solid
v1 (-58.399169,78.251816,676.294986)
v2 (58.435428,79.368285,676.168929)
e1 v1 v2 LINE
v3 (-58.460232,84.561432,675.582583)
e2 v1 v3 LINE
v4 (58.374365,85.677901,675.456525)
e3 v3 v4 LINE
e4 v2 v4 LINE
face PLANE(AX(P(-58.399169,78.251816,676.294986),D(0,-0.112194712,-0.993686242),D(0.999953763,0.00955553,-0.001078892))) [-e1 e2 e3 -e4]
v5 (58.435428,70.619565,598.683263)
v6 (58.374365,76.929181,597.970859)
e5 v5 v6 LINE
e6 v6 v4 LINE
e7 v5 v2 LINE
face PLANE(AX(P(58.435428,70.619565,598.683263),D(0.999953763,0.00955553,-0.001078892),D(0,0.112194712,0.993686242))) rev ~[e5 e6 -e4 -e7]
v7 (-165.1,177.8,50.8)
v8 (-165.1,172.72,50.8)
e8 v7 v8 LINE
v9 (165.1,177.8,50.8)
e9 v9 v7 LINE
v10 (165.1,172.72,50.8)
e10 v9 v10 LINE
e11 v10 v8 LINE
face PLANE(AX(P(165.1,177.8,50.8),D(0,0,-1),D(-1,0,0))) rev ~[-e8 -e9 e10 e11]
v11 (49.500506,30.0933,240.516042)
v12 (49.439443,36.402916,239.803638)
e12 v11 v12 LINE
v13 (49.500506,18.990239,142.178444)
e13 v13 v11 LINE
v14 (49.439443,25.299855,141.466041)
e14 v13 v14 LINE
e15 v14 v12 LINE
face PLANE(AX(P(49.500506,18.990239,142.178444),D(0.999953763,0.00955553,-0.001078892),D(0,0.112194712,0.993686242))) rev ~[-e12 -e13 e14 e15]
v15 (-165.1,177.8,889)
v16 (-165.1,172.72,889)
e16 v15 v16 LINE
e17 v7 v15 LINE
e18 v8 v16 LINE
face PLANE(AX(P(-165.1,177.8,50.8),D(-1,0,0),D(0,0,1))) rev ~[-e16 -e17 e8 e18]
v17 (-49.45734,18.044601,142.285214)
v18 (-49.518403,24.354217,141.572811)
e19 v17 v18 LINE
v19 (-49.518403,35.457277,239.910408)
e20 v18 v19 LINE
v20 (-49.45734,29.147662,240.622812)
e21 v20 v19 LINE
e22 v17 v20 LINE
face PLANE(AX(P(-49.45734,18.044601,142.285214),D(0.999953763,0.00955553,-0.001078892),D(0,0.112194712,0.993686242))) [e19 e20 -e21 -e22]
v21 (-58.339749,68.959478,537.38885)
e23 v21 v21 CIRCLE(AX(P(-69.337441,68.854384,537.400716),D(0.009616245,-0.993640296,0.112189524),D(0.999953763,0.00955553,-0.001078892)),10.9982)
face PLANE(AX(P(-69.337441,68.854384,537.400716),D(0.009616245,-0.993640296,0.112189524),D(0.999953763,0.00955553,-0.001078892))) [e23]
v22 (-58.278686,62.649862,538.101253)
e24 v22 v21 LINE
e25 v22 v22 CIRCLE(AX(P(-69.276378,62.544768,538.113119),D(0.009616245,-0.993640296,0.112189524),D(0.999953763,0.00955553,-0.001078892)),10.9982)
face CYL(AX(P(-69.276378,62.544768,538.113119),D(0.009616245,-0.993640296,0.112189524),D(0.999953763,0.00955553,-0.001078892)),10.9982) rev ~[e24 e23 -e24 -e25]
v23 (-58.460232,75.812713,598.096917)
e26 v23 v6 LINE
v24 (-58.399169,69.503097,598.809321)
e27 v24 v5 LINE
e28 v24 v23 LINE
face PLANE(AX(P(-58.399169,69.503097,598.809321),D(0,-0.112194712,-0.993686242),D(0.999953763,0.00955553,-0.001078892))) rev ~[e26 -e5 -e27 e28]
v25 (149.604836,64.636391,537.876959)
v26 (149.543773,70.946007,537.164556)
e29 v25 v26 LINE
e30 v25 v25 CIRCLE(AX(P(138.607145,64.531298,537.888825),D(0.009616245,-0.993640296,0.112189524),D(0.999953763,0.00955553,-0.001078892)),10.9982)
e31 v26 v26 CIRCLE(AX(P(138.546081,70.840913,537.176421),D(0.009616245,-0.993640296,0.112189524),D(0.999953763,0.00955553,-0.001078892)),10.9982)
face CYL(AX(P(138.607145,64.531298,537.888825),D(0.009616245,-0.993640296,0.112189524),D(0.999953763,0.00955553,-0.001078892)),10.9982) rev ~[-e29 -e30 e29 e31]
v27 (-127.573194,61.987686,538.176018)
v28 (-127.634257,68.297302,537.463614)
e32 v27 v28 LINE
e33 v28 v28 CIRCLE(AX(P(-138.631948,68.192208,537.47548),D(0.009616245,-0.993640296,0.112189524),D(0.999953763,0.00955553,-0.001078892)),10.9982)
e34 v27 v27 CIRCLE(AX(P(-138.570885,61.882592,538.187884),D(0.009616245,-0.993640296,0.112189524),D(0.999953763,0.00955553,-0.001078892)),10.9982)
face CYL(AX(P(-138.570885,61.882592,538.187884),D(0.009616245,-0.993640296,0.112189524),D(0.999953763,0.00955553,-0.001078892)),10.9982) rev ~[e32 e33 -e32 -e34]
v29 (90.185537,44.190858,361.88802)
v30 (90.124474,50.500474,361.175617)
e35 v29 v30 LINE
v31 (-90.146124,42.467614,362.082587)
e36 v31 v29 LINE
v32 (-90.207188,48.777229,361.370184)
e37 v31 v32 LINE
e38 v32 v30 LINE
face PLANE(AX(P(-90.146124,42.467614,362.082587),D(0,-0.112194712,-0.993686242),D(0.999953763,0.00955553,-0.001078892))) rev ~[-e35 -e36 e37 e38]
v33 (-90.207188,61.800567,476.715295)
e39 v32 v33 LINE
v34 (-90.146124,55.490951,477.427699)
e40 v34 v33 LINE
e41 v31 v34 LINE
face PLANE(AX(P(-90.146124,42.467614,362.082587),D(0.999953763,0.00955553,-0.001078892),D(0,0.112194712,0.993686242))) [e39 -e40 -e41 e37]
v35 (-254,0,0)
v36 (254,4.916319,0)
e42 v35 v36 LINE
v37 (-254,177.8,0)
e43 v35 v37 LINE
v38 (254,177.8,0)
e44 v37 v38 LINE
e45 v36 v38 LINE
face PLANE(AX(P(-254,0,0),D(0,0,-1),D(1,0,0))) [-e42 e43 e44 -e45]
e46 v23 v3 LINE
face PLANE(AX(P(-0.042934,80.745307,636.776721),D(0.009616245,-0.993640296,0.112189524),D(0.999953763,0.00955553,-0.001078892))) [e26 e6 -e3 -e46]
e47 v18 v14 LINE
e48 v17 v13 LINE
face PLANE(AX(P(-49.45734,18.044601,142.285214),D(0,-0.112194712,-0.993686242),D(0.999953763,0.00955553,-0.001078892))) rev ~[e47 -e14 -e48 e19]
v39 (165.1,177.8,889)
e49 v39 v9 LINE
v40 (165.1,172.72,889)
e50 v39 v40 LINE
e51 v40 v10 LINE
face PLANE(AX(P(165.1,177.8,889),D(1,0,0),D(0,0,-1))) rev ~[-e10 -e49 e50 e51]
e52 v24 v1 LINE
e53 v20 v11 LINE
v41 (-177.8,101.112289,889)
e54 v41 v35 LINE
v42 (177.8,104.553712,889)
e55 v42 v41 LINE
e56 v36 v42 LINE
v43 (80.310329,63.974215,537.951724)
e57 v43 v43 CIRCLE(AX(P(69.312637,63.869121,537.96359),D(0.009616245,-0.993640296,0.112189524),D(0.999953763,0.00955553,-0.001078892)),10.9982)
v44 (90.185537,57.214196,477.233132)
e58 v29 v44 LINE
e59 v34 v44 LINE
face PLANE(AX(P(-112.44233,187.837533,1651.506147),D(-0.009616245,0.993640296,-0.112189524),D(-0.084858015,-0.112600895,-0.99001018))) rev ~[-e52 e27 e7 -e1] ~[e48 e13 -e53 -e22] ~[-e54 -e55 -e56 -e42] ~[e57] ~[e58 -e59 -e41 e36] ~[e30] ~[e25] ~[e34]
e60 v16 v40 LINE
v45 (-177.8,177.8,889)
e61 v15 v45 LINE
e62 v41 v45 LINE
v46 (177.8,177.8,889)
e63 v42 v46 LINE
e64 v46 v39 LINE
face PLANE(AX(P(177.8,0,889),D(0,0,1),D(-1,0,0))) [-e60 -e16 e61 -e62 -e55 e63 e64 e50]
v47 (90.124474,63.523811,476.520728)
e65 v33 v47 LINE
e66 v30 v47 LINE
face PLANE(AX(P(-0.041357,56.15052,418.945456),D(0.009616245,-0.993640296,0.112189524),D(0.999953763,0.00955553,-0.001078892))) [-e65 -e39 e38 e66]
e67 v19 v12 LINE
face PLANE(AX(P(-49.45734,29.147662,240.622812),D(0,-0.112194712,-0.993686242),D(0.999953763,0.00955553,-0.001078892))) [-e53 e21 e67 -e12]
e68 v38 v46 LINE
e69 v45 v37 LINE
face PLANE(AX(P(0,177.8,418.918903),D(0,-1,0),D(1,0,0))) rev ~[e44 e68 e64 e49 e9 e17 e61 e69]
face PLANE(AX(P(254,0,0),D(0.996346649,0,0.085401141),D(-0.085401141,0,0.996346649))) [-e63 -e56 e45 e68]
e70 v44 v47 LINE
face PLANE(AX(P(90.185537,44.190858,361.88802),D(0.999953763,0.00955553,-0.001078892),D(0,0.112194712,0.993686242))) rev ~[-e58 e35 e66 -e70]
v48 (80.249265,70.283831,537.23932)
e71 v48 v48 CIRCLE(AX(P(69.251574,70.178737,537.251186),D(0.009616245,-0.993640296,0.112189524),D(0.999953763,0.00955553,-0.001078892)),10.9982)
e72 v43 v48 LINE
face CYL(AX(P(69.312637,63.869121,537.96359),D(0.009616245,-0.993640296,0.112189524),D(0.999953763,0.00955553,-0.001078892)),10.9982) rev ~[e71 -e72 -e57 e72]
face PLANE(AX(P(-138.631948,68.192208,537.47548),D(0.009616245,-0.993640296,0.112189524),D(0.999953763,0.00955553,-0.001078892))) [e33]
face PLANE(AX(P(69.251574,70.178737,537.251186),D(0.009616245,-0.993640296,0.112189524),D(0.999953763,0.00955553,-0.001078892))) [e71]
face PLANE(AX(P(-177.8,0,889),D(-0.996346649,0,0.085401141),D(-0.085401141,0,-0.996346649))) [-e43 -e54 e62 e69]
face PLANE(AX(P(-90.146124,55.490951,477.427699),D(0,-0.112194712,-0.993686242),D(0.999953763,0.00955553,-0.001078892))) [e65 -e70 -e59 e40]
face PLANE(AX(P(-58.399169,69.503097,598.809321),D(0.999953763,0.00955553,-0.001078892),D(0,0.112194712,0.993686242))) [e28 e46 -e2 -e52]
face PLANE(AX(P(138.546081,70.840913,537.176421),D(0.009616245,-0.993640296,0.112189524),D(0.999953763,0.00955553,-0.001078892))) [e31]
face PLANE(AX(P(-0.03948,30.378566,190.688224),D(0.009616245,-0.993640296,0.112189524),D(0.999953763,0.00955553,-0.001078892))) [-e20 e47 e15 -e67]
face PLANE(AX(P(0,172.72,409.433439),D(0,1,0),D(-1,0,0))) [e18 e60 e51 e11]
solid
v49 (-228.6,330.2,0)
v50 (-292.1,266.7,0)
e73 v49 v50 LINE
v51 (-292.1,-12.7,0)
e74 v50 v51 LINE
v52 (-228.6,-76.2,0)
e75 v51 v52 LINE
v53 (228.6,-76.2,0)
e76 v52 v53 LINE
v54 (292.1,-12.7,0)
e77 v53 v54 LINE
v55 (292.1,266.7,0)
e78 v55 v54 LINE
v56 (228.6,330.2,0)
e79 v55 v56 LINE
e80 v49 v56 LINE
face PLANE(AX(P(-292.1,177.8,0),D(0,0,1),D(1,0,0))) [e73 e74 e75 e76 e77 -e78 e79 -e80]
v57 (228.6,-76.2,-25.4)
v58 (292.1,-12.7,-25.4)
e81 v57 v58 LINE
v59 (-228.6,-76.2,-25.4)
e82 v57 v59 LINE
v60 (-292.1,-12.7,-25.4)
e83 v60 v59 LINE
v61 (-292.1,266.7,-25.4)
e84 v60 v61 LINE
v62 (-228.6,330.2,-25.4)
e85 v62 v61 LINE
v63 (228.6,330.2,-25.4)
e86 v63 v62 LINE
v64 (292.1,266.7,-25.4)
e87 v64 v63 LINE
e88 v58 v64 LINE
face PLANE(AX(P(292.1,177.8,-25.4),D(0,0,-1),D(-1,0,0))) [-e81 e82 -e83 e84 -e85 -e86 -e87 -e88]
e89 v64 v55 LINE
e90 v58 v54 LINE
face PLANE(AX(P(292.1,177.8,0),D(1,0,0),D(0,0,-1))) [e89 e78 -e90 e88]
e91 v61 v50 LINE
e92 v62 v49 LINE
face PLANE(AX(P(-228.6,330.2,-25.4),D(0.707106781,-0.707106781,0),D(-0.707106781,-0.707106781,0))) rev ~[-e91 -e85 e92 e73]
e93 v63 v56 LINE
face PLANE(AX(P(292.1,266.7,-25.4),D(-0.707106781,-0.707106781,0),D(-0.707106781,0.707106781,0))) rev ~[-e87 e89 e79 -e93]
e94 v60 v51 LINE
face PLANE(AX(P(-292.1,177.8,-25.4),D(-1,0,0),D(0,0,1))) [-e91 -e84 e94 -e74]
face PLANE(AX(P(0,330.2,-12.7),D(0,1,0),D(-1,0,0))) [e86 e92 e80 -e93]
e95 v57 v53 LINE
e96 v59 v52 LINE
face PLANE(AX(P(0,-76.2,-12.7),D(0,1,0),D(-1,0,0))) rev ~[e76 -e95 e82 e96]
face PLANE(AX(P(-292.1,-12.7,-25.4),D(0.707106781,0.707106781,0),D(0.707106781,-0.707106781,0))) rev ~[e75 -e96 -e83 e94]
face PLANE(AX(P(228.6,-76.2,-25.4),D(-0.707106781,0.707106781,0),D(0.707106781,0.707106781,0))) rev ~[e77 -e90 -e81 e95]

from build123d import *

# Parameters (mm, degrees)
F1_DEPTH      = 177.8
F3_DEPTH      = 506.1450977132
F5_DEPTH      = 152.4
F5_DEPTH_BACK = 254
F6_W          = 304.8
F6_H          = 825.5
F7_DEPTH      = 5.08
F9_DEPTH      = 25.4
F10_W         = 116.84
F10_H         = 77.978
F10_W_2       = 180.34
F10_H_2       = 116.078
F10_W_3       = 98.9624224542
F10_H_3       = 98.9624224542
F10_R         = 10.9982
F11_DEPTH     = 6.35


with BuildPart() as f1:
    # F0 (on Front) → F1 (new body)
    with BuildSketch(Plane.XZ):
        Polygon((-177.8, 889), (-254, 0), (254, 0), (177.8, 889), (0, 889), align=None)
    extrude(amount=-F1_DEPTH)

    # F2 (on face) → F3 (cut, through all)
    with BuildSketch(Plane(origin=(-252.1474878444, 0, 21.6126418152), x_dir=(0, -1, 0), z_dir=(-0.996346649, 0, 0.0854011413))):
        Polygon((-101.1122888841, 870.5678480667), (0, -21.691889902), (0, 870.5678480667), align=None)
        Polygon((-101.1122888841, 870.5678480667), (0, 870.5678480667), (0, 1635.8699123508), (-187.8375327953, 1635.8699123508), align=None)
    extrude(amount=-F3_DEPTH, mode=Mode.SUBTRACT)

    # F6 (on face) → F7 (cut)
    with BuildSketch(Plane(origin=(0, 177.8, 0), x_dir=(-1, 0, 0), z_dir=(0, 1, 0))):
        Polygon((-152.4, 889), (-165.1, 889), (-165.1, 50.8), (165.1, 50.8), (165.1, 889), (152.4, 889), (152.4, 63.5), (-152.4, 63.5), align=None)
        with Locations((0, 476.25)):
            Rectangle(F6_W, F6_H)
    extrude(amount=-F7_DEPTH, mode=Mode.SUBTRACT)

    # F10 (on face) → F11 (cut)
    with BuildSketch(Plane(origin=(-0.0234879302, 2.4269924652, -0.2740258526), x_dir=(0.9999537628, 0.0095555303, -0.0010788918), z_dir=(0.0096162449, -0.9936402964, 0.112189524))):
        with Locations((0.0416195213, 641.8154632217)):
            Rectangle(F10_W, F10_H)
        with Locations((0.0431962705, 422.6001270233)):
            Rectangle(F10_W_2, F10_H_2)
        with Locations((0.0450731424, 192.8925795978)):
            Rectangle(F10_W_3, F10_H_3)
        with Locations((69.3393310898, 541.7327951225)):
            Circle(F10_R)
        with Locations((138.6370426584, 541.7327951225)):
            Circle(F10_R)
        with Locations((-138.5538036159, 541.7327951225)):
            Circle(F10_R)
        with Locations((-69.2560920473, 541.7327951225)):
            Circle(F10_R)
    extrude(amount=-F11_DEPTH, mode=Mode.SUBTRACT)


with BuildPart() as f5:
    # F4 (on face) → F5 (new body, two sides)
    with BuildSketch(Plane(origin=(0, 177.8, 0), x_dir=(-1, 0, 0), z_dir=(0, 1, 0))) as f5_sk:
        Polygon((254, 0), (-254, 0), (-292.1, 0), (-292.1, -25.4), (292.1, -25.4), (292.1, 0), align=None)
    extrude(amount=F5_DEPTH)
    extrude(f5_sk.sketch, amount=-F5_DEPTH_BACK)

    # F8 (on face) → F9 (cut)
    with BuildSketch(Plane(origin=(0, 0, -25.4), x_dir=(1, 0, 0), z_dir=(0, 0, -1))):
        Polygon((-292.1, 12.7), (-228.6, 76.2), (-292.1, 76.2), align=None)
        Polygon((-228.6, -330.2), (-292.1, -266.7), (-292.1, -330.2), align=None)
        Polygon((292.1, 76.2), (228.6, 76.2), (292.1, 12.7), align=None)
        Polygon((292.1, -330.2), (292.1, -266.7), (228.6, -330.2), align=None)
    extrude(amount=-F9_DEPTH, mode=Mode.SUBTRACT)


solid = Compound([f1.part, f5.part])
